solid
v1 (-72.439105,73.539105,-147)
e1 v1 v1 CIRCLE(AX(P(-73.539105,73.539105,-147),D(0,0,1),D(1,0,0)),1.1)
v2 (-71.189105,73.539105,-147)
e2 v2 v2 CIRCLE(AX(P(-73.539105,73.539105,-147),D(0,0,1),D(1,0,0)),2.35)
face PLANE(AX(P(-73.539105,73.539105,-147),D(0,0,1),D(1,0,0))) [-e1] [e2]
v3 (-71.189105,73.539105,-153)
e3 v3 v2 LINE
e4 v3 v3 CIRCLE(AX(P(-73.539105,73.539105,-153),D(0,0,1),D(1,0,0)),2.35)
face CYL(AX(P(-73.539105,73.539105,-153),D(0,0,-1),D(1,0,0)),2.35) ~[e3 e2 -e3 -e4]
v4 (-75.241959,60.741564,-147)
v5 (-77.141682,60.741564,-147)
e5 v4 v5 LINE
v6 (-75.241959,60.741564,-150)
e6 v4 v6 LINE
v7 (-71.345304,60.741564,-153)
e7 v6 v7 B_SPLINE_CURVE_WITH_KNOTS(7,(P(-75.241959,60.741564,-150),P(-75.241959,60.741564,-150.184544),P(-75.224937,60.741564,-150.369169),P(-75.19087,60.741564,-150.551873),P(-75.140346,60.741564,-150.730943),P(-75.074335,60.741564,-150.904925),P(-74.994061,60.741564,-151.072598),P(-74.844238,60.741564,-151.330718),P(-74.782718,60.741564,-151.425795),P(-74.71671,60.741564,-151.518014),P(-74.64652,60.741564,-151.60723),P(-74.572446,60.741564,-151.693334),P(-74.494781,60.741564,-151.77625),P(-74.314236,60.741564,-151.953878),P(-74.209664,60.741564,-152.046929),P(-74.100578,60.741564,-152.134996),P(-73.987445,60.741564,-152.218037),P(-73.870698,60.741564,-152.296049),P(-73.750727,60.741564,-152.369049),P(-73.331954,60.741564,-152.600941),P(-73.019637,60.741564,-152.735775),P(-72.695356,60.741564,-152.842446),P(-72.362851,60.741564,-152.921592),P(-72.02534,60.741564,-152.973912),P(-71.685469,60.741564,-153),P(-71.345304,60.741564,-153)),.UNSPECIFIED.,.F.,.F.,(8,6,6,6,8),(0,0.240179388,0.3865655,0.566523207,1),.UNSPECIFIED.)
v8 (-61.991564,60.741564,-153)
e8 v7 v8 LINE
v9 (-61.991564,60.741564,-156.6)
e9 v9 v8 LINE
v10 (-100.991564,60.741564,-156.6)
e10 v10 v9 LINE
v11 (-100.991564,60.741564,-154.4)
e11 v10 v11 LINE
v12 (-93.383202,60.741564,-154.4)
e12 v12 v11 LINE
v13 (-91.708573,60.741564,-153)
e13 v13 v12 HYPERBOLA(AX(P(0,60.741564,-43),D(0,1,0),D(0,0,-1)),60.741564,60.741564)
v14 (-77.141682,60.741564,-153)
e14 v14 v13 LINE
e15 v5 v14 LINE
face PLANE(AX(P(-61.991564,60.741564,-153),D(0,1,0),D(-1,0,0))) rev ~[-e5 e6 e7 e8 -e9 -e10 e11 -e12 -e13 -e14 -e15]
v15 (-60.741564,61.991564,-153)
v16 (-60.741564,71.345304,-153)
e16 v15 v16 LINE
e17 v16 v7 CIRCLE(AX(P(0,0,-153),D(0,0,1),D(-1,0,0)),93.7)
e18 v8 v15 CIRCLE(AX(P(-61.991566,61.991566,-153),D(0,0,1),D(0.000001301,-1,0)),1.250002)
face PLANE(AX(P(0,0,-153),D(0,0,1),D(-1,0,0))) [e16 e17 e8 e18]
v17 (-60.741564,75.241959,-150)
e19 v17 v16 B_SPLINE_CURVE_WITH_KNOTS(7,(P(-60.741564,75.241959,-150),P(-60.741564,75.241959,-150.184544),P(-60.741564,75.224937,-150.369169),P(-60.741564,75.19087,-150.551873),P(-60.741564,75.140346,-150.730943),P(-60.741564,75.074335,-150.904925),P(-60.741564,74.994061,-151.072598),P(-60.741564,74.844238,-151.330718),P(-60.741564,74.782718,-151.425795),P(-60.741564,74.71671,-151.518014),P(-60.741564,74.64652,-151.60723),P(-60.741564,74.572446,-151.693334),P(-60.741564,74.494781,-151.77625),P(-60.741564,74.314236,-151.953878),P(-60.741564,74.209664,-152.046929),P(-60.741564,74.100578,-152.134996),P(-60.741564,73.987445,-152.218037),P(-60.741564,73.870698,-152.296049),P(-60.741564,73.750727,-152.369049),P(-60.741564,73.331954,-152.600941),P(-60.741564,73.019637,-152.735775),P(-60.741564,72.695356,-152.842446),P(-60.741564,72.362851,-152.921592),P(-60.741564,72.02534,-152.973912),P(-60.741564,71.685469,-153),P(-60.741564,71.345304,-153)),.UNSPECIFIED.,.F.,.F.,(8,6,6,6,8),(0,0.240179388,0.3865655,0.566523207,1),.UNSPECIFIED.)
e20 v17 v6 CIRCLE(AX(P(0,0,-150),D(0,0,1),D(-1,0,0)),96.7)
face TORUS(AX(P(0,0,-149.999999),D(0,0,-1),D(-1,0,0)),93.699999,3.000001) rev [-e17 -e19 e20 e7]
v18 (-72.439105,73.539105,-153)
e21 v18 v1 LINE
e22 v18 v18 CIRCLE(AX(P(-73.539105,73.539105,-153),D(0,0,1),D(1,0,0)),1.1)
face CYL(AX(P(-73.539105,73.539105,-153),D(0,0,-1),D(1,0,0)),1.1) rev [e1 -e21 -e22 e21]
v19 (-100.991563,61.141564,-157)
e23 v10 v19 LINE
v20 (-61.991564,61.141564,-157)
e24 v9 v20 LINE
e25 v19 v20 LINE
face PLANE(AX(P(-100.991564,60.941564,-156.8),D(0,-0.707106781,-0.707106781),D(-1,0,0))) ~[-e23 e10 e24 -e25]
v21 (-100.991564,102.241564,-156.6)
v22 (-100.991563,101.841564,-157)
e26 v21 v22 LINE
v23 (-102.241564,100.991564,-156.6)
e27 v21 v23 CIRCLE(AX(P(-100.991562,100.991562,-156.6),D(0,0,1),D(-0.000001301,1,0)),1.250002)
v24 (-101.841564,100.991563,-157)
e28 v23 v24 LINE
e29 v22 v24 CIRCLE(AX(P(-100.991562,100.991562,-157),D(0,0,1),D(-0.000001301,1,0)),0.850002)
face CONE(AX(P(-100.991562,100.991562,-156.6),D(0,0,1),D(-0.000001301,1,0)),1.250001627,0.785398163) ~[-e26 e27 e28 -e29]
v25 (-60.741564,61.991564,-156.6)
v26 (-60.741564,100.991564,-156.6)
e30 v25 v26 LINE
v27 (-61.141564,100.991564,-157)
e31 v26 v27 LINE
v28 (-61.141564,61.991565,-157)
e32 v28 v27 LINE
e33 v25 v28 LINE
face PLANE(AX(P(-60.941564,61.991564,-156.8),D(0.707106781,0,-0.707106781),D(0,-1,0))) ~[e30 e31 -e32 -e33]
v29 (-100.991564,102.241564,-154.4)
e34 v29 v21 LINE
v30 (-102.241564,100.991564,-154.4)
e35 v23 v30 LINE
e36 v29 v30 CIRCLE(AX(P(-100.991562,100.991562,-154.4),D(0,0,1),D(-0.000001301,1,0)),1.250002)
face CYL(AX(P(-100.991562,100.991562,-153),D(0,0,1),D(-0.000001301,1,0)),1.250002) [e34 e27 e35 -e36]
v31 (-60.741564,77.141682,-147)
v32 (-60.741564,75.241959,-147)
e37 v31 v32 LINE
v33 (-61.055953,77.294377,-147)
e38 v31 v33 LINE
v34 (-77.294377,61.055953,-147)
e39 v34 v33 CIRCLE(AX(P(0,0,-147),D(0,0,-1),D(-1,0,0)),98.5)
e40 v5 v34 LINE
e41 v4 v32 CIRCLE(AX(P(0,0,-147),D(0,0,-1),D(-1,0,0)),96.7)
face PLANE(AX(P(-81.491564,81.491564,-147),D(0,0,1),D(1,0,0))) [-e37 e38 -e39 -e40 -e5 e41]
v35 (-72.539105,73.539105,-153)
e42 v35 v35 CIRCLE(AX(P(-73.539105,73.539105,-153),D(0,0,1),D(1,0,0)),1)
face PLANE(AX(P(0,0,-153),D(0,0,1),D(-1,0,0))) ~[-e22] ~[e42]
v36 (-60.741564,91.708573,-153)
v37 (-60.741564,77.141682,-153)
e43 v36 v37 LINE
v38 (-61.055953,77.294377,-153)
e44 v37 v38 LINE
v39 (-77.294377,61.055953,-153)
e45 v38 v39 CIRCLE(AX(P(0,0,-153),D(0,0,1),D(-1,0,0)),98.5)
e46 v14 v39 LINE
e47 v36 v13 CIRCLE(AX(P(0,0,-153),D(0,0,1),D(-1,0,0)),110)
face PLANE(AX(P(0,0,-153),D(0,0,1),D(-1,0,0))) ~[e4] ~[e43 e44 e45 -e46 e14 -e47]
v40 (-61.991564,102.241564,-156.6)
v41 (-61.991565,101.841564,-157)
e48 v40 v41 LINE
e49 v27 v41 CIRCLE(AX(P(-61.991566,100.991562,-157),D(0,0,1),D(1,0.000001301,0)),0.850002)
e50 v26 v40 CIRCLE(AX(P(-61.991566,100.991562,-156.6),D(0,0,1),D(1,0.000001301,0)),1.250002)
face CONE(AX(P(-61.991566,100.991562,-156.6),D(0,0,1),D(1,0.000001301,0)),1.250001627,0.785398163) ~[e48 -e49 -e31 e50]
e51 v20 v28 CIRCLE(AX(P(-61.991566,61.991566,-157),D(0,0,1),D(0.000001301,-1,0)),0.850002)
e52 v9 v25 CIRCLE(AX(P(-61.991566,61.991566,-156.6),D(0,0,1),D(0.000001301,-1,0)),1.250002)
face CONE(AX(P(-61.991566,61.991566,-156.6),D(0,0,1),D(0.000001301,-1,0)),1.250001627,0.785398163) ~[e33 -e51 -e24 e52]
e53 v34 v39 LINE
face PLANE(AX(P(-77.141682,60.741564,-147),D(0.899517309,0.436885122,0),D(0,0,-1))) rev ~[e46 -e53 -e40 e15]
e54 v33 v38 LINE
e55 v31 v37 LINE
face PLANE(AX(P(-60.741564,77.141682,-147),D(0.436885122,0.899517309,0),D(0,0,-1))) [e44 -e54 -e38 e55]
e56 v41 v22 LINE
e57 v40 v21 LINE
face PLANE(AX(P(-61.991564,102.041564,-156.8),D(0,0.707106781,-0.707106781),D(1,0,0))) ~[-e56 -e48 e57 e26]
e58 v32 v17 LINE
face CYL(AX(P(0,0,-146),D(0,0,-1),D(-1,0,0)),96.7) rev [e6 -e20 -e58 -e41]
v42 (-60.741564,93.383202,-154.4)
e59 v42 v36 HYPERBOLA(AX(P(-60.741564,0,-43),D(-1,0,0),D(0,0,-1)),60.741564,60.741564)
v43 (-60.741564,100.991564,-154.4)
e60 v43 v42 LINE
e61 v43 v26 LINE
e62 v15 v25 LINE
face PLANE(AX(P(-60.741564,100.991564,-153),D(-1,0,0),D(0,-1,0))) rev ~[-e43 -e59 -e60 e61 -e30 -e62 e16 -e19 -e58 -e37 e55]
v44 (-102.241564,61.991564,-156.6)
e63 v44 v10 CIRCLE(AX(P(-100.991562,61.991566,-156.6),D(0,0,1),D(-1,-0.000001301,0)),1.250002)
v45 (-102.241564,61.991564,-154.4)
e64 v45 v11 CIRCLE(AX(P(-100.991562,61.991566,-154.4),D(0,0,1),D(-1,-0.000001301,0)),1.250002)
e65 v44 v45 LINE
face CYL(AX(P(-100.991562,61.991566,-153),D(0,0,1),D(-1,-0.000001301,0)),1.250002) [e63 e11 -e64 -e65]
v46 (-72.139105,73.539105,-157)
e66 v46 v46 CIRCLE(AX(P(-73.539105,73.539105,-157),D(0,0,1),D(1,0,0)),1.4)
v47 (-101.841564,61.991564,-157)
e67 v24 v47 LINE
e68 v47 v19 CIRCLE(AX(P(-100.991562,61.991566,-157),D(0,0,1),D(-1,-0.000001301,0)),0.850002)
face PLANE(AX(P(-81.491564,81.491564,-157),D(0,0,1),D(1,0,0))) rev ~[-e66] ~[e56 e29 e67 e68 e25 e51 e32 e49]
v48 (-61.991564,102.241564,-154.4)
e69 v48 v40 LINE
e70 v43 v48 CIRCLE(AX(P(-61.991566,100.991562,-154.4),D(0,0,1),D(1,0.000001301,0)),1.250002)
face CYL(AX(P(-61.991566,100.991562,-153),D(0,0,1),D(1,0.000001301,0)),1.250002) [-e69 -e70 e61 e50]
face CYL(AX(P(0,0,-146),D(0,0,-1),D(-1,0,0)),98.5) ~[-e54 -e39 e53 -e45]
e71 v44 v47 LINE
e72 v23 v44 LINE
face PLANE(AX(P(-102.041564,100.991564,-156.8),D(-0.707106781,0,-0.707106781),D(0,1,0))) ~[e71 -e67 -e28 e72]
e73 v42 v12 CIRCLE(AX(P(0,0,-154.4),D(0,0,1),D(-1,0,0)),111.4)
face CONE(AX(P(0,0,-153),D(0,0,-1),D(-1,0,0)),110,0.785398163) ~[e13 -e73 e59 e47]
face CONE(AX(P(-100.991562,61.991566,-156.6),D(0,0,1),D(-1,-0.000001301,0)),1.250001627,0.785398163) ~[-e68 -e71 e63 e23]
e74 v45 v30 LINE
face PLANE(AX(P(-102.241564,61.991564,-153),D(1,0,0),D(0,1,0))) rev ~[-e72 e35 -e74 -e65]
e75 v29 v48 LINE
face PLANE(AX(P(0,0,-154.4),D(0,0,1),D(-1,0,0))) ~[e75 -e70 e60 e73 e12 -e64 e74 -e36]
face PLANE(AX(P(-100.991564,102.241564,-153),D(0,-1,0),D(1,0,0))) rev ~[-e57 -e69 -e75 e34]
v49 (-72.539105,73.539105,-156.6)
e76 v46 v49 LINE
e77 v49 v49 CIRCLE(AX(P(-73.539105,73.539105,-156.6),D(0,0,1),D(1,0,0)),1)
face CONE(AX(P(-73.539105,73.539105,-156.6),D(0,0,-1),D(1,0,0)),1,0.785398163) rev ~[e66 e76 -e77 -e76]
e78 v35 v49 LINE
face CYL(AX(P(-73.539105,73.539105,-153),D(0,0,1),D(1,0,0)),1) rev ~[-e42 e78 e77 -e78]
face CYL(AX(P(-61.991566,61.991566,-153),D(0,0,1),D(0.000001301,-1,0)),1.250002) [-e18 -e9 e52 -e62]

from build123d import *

# Parameters (mm, degrees)
SKETCH297_R       = 1
PAD079_DEPTH      = 6
PAD079_DEPTH_BACK = 4
SKETCH298_R       = 2.35
SKETCH298_R_2     = 1.1
PAD082_DEPTH      = 6
CHAMFER003_SIZE   = 0.4


with BuildPart() as part:
    # Sketch297 → Pad079 (new body, two sides)
    with BuildSketch(Plane.XY) as pad079_sk:
        with BuildLine():
            ThreePointArc((-100.991564, 102.241564), (-101.875447, 101.875447), (-102.241564, 100.991564))
            Line((-102.241564, 61.991564), (-102.241564, 100.991564))
            ThreePointArc((-102.241564, 61.991564), (-101.875447, 61.107681), (-100.991564, 60.741564))
            Line((-61.991564, 60.741564), (-100.991564, 60.741564))
            ThreePointArc((-61.991564, 60.741564), (-61.107681, 61.107681), (-60.741564, 61.991564))
            Line((-60.741564, 100.991564), (-60.741564, 61.991564))
            ThreePointArc((-60.741564, 100.991564), (-61.107681, 101.875447), (-61.991564, 102.241564))
            Line((-100.991564, 102.241564), (-61.991564, 102.241564))
        make_face()
        with Locations((-73.539105, 73.539105)):
            Circle(SKETCH297_R, mode=Mode.SUBTRACT)
    extrude(amount=PAD079_DEPTH)
    extrude(pad079_sk.sketch, amount=-PAD079_DEPTH_BACK)

    # Sketch301 → Groove008 (revolve, cut)
    with BuildSketch(Plane.XZ):
        with BuildLine():
            Line((-96.7, 7), (0, 7))
            Line((0, 0), (0, 7))
            Line((-93.7, 0), (0, 0))
            ThreePointArc((-96.7, 3), (-95.82132, 0.87868), (-93.7, 0))
            Line((-96.7, 7), (-96.7, 3))
        make_face()
        Polygon((-165, 7), (-98.5, 7), (-98.5, 0), (-110, 0), (-111.4, -1.4), (-144.1, -1.4), (-145.5, 0), (-165, 0), align=None)
    revolve(axis=Axis((0, 0, 0), (0, 0, 1)), mode=Mode.SUBTRACT)

    # Sketch298 → Pad082 (join)
    with BuildSketch(Plane.XY):
        with Locations((-73.539105, 73.539105)):
            Circle(SKETCH298_R)
        with Locations((-73.539105, 73.539105)):
            Circle(SKETCH298_R_2, mode=Mode.SUBTRACT)
    extrude(amount=PAD082_DEPTH)

    # Chamfer003
    chamfer003_edges = [part.edges().sort_by_distance(p)[0] for p in [
        (-101.875447, 101.875447, -4),
        (-102.241564, 81.491564, -4),
        (-101.875447, 61.107681, -4),
        (-81.491564, 60.741564, -4),
        (-61.107681, 61.107681, -4),
        (-60.741564, 81.491564, -4),
        (-61.107681, 101.875447, -4),
        (-81.491564, 102.241564, -4),
        (-74.539105, 73.539105, -4),
        (-77.541682, 60.741564, 3),
        (-60.741564, 77.541682, 3),
    ]]
    chamfer(chamfer003_edges, length=CHAMFER003_SIZE)


with BuildPart() as part_1:
    # Body022063 placement: moved
    add(part.part.moved(Location((0, 0, -153))))


solid = part_1.part
